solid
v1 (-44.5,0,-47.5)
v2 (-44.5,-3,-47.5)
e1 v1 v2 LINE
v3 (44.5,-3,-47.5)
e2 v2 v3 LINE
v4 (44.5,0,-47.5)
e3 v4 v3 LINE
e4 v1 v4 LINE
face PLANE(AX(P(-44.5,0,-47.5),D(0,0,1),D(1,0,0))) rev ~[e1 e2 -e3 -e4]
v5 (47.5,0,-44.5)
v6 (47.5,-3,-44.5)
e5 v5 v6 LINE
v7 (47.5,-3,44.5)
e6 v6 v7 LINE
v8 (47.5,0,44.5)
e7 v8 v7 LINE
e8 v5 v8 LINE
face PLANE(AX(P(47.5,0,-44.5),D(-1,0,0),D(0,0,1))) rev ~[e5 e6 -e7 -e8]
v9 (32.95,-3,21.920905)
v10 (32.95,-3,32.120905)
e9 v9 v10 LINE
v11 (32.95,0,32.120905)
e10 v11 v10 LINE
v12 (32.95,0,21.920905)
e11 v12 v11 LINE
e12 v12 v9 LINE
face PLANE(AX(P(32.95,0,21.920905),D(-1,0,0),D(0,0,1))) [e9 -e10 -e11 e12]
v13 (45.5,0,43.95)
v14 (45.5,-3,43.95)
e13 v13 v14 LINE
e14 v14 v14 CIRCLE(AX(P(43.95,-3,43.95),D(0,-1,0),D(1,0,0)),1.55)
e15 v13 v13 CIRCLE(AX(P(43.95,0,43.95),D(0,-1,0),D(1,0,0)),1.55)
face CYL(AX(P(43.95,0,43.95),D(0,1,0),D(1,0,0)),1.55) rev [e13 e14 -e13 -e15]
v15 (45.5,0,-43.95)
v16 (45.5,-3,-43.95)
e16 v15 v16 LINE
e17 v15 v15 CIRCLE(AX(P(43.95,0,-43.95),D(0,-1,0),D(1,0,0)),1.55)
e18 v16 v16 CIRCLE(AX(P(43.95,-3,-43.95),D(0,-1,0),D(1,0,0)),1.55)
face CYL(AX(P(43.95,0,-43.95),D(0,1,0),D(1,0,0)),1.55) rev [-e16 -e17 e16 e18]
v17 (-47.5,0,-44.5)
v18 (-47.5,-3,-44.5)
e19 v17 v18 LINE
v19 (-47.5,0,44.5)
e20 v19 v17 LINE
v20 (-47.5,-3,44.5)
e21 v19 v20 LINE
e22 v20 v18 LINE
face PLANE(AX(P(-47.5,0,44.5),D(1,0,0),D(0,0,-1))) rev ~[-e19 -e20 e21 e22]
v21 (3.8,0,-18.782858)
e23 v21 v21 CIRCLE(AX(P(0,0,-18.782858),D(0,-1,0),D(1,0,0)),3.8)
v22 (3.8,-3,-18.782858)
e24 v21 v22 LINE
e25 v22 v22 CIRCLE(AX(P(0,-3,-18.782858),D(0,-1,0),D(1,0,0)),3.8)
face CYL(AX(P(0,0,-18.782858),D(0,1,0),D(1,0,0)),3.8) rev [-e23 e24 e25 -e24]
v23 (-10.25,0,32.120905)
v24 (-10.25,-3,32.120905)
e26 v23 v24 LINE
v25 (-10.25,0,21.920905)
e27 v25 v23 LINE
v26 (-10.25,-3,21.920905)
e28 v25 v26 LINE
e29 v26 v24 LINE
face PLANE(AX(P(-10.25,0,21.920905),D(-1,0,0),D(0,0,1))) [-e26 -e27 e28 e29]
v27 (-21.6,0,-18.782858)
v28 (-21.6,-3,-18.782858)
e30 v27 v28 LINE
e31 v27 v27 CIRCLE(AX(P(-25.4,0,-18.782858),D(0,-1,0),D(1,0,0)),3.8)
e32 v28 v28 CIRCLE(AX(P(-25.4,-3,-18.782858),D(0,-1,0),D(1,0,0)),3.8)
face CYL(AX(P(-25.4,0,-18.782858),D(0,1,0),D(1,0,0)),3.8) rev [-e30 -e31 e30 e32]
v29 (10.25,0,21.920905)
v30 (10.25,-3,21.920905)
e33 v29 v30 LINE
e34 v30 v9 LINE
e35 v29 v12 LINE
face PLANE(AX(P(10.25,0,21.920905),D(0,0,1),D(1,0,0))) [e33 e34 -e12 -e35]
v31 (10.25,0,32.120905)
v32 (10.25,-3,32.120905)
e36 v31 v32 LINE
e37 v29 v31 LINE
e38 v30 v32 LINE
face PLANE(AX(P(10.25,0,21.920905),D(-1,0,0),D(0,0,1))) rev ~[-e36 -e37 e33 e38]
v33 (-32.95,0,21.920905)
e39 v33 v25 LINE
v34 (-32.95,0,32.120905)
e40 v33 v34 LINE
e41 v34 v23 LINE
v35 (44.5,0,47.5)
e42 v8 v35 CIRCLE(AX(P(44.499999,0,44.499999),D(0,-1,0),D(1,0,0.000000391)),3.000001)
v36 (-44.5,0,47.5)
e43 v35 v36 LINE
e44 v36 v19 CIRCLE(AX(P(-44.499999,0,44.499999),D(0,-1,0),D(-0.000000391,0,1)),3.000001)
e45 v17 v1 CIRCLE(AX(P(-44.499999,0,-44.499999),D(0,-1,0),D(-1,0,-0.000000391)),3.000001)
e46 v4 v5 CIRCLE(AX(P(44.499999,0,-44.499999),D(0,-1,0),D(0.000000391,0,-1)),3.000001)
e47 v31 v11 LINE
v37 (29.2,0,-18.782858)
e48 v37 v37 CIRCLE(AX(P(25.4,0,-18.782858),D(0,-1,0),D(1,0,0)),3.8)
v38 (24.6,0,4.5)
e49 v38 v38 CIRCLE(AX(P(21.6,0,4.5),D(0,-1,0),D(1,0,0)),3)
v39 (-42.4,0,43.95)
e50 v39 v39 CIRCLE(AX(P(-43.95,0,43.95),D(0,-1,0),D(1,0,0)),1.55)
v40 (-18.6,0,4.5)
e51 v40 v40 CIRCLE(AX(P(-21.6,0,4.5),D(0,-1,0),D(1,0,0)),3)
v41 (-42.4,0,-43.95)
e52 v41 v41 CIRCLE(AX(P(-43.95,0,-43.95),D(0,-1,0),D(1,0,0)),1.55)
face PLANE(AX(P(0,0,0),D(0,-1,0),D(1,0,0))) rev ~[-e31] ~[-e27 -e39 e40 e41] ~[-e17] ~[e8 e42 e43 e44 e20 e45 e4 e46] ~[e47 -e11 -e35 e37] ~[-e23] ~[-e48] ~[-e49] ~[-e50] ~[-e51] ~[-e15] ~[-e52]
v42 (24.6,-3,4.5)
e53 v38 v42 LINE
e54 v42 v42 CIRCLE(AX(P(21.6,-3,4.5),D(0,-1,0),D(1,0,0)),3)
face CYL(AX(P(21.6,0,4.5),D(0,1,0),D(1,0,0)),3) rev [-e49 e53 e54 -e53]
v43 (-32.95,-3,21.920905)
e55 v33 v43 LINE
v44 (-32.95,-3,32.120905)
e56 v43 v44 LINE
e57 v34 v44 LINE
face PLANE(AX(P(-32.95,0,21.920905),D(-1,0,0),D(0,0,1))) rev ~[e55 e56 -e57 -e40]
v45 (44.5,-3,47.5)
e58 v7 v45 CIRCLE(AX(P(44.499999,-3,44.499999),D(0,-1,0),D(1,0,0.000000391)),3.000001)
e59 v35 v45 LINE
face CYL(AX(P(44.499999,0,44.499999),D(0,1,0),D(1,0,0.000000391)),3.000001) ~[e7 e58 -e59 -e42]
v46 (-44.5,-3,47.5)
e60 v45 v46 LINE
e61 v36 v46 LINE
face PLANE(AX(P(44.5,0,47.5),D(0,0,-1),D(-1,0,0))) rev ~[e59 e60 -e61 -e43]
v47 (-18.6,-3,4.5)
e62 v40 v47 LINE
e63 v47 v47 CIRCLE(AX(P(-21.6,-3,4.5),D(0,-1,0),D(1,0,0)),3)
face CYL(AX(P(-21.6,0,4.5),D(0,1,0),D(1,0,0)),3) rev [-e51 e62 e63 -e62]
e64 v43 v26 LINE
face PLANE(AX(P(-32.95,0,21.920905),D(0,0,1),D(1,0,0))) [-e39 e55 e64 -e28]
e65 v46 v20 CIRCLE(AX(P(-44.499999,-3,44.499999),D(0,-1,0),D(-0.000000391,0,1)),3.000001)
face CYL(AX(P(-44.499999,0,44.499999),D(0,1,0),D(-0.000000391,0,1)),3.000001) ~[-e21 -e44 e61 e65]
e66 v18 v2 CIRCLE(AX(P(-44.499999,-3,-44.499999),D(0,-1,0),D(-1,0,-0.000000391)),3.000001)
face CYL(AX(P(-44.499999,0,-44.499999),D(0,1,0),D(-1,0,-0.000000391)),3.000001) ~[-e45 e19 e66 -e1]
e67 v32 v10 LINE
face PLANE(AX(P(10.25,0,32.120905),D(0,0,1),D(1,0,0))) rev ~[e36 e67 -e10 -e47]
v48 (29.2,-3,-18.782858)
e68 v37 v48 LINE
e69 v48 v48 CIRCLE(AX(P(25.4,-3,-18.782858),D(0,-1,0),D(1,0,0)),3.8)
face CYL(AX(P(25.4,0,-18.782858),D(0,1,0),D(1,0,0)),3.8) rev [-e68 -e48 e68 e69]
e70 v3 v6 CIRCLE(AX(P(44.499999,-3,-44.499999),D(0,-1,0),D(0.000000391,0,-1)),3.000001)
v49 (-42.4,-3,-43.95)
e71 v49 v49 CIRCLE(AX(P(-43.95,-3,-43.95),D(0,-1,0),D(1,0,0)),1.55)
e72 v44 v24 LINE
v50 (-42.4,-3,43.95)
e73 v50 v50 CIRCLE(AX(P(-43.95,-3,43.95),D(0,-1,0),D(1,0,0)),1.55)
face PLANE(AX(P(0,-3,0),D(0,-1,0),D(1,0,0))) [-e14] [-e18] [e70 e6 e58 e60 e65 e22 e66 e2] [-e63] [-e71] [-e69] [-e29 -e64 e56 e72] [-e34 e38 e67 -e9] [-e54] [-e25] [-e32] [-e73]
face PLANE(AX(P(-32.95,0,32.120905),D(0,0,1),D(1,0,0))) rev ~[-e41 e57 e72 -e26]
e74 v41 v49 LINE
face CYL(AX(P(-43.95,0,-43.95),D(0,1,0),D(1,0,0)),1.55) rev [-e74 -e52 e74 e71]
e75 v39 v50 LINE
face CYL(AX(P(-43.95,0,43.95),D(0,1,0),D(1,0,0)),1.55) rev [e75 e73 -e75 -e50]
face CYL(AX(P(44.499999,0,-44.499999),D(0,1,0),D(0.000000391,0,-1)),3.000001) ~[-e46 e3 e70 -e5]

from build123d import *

# Parameters (mm, degrees)
F0_R     = 1.55
F0_R_2   = 3.8
F0_R_3   = 3
F0_W     = 22.7
F0_H     = 10.2
F1_DEPTH = 3


with BuildPart() as f1:
    # F0 (on Front) → F1 (new body)
    with BuildSketch(Plane.XZ):
        with BuildLine():
            Line((-44.5, -47.5), (44.5, -47.5))
            ThreePointArc((44.5, -47.5), (46.62132, -46.62132), (47.5, -44.5))
            Line((47.5, -44.5), (47.5, 44.5))
            ThreePointArc((47.5, 44.5), (46.62132, 46.62132), (44.5, 47.5))
            Line((44.5, 47.5), (-44.5, 47.5))
            ThreePointArc((-44.5, 47.5), (-46.62132, 46.62132), (-47.5, 44.5))
            Line((-47.5, 44.5), (-47.5, -44.5))
            ThreePointArc((-47.5, -44.5), (-46.62132, -46.62132), (-44.5, -47.5))
        make_face()
        with Locations((-43.95, -43.95)):
            Circle(F0_R, mode=Mode.SUBTRACT)
        with Locations((-25.4, -18.782858)):
            Circle(F0_R_2, mode=Mode.SUBTRACT)
        with Locations((43.95, -43.95)):
            Circle(F0_R, mode=Mode.SUBTRACT)
        with Locations((0, -18.782858)):
            Circle(F0_R_2, mode=Mode.SUBTRACT)
        with Locations((25.4, -18.782858)):
            Circle(F0_R_2, mode=Mode.SUBTRACT)
        with Locations((-21.6, 4.5)):
            Circle(F0_R_3, mode=Mode.SUBTRACT)
        with Locations((-43.95, 43.95)):
            Circle(F0_R, mode=Mode.SUBTRACT)
        with Locations((-21.6, 27.020905)):
            Rectangle(F0_W, F0_H, mode=Mode.SUBTRACT)
        with Locations((21.6, 4.5)):
            Circle(F0_R_3, mode=Mode.SUBTRACT)
        with Locations((21.6, 27.020905)):
            Rectangle(F0_W, F0_H, mode=Mode.SUBTRACT)
        with Locations((43.95, 43.95)):
            Circle(F0_R, mode=Mode.SUBTRACT)
    extrude(amount=F1_DEPTH)


solid = f1.part
